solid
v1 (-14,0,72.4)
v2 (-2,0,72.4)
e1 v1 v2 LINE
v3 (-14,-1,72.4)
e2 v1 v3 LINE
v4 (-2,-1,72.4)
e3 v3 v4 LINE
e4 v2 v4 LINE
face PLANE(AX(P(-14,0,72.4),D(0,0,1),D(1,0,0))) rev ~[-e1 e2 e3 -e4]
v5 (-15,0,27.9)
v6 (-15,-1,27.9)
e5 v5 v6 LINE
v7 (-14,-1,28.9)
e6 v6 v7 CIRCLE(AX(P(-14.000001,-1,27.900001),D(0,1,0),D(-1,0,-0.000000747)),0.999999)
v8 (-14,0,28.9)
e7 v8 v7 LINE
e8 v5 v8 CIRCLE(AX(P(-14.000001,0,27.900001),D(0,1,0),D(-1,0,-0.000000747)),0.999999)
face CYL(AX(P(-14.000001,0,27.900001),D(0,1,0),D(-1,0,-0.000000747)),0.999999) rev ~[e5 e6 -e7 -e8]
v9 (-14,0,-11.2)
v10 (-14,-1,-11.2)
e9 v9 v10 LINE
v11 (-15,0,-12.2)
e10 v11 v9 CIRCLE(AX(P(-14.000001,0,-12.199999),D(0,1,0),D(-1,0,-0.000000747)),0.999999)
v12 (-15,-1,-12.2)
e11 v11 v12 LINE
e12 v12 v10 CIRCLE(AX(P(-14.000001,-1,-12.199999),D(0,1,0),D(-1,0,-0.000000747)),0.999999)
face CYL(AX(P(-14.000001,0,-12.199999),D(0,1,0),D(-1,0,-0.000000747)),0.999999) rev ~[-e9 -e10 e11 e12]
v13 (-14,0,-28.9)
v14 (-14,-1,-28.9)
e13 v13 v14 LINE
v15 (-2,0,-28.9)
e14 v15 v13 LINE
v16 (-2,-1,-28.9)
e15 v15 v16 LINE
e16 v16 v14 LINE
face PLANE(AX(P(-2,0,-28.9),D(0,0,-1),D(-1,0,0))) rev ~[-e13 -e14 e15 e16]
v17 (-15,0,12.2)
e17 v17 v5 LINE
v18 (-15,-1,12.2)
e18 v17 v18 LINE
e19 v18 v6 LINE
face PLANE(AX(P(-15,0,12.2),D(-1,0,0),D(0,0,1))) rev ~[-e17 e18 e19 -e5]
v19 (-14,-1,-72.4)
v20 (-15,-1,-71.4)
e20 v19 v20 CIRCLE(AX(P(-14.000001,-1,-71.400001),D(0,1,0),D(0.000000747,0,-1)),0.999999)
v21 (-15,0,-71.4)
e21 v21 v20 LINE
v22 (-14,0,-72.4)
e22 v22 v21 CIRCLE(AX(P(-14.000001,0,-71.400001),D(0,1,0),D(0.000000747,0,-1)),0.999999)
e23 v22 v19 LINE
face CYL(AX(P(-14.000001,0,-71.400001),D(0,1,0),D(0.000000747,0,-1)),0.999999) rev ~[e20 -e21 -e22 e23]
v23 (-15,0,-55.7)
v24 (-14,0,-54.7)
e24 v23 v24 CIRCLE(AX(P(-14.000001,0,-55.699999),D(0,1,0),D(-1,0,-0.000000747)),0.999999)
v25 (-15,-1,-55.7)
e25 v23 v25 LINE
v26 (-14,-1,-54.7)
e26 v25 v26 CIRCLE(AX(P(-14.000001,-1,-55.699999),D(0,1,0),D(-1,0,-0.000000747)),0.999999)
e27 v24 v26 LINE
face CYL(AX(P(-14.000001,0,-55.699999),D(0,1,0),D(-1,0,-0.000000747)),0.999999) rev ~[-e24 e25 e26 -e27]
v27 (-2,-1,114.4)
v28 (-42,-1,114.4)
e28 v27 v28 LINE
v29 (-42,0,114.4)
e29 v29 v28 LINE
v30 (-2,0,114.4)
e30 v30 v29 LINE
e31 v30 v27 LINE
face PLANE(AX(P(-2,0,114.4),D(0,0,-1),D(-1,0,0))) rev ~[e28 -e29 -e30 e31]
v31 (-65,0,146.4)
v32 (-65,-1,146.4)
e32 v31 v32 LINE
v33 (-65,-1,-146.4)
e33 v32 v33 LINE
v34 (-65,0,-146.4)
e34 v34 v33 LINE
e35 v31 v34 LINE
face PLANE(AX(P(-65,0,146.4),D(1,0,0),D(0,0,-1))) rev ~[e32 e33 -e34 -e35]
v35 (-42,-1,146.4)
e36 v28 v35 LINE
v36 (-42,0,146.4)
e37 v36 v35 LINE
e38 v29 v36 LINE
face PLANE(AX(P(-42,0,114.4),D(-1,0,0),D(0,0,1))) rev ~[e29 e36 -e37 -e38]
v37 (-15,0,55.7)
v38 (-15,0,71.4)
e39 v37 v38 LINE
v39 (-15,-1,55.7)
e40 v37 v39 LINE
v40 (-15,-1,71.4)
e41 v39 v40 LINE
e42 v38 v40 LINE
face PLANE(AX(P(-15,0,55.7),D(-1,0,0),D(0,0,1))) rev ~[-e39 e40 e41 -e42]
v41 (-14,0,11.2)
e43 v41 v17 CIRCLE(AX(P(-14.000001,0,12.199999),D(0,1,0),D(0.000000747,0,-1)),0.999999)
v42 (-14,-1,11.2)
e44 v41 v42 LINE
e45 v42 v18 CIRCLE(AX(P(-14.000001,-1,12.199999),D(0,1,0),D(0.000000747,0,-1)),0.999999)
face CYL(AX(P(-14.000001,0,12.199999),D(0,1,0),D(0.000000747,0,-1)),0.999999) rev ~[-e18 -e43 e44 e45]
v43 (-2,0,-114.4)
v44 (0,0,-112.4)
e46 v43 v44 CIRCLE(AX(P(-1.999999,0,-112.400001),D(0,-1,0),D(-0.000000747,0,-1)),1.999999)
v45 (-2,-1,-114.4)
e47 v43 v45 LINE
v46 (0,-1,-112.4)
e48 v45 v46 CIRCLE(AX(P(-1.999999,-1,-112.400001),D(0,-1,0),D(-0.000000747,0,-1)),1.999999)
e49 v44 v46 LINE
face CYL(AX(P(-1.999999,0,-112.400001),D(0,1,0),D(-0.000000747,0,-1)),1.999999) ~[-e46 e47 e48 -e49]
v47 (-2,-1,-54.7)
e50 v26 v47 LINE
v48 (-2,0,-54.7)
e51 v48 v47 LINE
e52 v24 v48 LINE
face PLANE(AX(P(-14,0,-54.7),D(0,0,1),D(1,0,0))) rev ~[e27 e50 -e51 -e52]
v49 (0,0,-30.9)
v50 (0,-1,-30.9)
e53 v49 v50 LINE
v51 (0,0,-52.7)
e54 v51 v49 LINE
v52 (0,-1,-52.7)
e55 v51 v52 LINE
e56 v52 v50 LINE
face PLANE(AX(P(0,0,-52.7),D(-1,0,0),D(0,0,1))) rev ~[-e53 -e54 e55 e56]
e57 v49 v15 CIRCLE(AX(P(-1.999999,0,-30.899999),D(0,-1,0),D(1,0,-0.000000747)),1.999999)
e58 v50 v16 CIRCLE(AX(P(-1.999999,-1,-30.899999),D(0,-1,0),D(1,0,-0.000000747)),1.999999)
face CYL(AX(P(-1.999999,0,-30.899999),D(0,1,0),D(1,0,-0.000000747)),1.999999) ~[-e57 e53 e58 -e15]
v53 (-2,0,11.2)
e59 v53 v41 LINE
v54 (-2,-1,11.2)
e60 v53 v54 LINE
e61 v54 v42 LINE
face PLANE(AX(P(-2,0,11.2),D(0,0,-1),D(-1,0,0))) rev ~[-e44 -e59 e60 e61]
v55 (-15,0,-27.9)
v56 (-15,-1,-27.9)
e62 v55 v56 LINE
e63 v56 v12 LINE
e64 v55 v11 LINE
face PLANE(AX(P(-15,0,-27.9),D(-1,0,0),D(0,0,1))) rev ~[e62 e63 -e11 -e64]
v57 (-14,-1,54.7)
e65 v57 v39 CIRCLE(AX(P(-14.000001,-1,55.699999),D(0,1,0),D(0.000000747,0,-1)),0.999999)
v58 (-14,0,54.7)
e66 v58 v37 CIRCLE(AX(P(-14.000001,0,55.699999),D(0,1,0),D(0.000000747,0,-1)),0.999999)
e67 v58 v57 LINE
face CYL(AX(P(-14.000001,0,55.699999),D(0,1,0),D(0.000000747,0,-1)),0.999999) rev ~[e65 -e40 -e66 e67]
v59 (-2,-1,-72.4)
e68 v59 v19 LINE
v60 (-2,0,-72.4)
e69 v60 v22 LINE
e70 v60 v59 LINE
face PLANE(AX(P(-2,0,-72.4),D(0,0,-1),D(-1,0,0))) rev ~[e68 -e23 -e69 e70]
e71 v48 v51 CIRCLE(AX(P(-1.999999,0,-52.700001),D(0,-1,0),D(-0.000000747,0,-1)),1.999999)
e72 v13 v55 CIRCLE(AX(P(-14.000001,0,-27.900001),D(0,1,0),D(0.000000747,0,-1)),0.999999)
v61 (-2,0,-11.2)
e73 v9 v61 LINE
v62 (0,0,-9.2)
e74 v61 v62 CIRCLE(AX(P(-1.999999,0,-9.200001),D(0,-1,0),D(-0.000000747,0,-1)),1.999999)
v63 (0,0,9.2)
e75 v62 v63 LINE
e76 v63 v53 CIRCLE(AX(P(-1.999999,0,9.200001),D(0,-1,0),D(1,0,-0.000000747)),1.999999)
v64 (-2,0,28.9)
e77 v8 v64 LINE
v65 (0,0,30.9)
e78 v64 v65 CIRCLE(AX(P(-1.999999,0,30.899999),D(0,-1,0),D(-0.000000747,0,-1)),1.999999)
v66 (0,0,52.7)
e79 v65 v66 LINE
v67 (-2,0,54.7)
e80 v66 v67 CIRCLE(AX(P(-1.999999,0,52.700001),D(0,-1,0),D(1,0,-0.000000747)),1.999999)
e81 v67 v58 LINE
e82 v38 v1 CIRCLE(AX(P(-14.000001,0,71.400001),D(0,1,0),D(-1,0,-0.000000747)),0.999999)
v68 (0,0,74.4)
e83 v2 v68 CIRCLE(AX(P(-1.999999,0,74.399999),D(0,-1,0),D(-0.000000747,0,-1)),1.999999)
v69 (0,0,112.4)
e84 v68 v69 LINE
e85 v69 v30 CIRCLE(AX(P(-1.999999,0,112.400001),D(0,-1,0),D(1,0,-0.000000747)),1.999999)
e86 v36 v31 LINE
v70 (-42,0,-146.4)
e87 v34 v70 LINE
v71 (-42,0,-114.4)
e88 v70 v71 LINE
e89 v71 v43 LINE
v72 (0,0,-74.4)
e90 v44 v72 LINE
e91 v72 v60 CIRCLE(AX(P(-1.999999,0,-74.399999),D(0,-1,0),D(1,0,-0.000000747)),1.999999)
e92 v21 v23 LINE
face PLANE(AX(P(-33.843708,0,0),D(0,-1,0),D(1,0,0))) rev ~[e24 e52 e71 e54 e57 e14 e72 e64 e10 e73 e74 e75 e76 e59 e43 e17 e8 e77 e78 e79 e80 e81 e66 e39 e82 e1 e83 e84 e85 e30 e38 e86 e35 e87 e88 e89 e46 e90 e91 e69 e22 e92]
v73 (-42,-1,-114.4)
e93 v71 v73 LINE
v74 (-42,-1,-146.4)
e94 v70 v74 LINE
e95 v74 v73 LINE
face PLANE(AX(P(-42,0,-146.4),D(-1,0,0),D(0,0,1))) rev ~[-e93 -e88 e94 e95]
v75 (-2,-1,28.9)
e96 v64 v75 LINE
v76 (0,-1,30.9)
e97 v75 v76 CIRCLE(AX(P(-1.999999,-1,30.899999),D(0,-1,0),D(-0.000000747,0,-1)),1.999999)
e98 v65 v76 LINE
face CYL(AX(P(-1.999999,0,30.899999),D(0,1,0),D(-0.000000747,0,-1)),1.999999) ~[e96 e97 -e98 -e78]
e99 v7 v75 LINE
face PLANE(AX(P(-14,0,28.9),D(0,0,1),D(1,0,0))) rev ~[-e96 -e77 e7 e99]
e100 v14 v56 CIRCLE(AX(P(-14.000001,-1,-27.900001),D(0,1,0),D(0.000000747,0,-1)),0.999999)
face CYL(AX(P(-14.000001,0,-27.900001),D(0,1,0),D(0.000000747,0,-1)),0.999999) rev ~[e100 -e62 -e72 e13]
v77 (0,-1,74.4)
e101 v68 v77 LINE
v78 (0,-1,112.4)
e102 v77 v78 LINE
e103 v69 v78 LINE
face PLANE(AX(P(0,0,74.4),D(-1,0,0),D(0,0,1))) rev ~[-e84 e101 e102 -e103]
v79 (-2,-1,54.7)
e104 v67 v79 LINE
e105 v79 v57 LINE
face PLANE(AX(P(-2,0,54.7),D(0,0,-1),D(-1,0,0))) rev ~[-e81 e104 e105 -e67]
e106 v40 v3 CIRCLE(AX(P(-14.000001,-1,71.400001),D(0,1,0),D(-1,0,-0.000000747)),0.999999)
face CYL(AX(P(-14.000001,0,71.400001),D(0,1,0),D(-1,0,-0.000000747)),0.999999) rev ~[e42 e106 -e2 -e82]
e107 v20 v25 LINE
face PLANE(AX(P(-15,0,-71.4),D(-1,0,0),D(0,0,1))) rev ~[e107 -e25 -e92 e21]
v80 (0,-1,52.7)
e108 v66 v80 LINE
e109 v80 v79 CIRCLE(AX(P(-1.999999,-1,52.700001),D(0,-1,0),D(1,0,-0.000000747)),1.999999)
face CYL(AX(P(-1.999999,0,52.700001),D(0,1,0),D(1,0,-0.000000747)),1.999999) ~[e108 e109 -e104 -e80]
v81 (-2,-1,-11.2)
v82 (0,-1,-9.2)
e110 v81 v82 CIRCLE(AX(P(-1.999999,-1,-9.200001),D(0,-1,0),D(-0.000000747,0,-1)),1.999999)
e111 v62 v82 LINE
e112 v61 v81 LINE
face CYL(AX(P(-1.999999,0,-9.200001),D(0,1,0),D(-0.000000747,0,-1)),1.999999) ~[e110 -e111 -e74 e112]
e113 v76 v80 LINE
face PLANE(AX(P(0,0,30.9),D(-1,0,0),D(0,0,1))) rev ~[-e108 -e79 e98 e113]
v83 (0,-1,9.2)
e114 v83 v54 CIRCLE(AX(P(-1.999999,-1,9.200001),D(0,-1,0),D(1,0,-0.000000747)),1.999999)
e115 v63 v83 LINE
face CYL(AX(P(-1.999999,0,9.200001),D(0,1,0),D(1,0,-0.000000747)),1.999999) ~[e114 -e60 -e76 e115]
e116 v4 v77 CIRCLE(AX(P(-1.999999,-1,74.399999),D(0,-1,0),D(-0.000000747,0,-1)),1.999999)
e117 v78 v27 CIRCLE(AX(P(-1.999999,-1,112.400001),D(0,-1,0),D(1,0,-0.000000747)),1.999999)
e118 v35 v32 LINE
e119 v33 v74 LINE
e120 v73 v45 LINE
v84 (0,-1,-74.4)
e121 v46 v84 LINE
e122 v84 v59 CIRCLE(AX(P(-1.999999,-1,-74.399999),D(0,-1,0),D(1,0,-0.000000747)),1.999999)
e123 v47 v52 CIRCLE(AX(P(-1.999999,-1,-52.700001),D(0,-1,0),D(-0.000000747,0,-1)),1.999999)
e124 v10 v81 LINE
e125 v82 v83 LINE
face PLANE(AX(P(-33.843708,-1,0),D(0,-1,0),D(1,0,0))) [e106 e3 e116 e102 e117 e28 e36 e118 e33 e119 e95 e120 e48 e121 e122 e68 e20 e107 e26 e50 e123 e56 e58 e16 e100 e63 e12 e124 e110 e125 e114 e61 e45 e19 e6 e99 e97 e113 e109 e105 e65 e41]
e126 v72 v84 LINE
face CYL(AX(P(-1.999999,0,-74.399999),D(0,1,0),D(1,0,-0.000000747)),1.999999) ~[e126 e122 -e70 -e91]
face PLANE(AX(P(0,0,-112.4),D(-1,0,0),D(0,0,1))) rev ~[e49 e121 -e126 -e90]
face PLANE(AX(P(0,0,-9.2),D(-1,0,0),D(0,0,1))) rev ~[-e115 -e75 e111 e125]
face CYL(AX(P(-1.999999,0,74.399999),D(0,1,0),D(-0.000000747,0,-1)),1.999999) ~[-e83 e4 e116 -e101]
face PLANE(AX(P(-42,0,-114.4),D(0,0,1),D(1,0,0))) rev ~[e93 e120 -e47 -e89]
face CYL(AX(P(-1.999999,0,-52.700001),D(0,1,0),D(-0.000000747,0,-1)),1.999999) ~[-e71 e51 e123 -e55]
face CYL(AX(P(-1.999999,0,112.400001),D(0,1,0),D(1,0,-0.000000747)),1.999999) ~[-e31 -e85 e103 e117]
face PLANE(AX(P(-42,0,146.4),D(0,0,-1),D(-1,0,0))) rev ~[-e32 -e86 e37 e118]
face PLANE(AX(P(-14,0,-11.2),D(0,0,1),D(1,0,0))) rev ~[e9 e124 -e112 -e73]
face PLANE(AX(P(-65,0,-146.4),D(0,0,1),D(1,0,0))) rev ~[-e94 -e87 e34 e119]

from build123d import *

# Parameters (mm, degrees)
F1_DEPTH = 1


with BuildPart() as f1:
    # F0 (on Front) → F1 (new body)
    with BuildSketch(Plane.XZ):
        with BuildLine():
            Line((0, -9.2), (0, 0))
            Line((0, 0), (0, 9.2))
            ThreePointArc((0, 9.2), (-0.585786, 10.614214), (-2, 11.2))
            Line((-2, 11.2), (-14, 11.2))
            ThreePointArc((-14, 11.2), (-14.707107, 11.492893), (-15, 12.2))
            Line((-15, 12.2), (-15, 27.9))
            ThreePointArc((-15, 27.9), (-14.707107, 28.607107), (-14, 28.9))
            Line((-14, 28.9), (-2, 28.9))
            ThreePointArc((-2, 28.9), (-0.585786, 29.485786), (0, 30.9))
            Line((0, 30.9), (0, 52.7))
            ThreePointArc((0, 52.7), (-0.585786, 54.114214), (-2, 54.7))
            Line((-2, 54.7), (-14, 54.7))
            ThreePointArc((-14, 54.7), (-14.707107, 54.992893), (-15, 55.7))
            Line((-15, 55.7), (-15, 71.4))
            ThreePointArc((-15, 71.4), (-14.707107, 72.107107), (-14, 72.4))
            Line((-14, 72.4), (-2, 72.4))
            ThreePointArc((-2, 72.4), (-0.585786, 72.985786), (0, 74.4))
            Line((0, 74.4), (0, 112.4))
            ThreePointArc((0, 112.4), (-0.585786, 113.814214), (-2, 114.4))
            Line((-2, 114.4), (-42, 114.4))
            Line((-42, 114.4), (-42, 146.4))
            Line((-42, 146.4), (-65, 146.4))
            Line((-65, 146.4), (-65, 0))
            Line((-65, 0), (-65, -146.4))
            Line((-65, -146.4), (-42, -146.4))
            Line((-42, -146.4), (-42, -114.4))
            Line((-42, -114.4), (-2, -114.4))
            ThreePointArc((-2, -114.4), (-0.585786, -113.814214), (0, -112.4))
            Line((0, -112.4), (0, -74.4))
            ThreePointArc((0, -74.4), (-0.585786, -72.985786), (-2, -72.4))
            Line((-2, -72.4), (-14, -72.4))
            ThreePointArc((-14, -72.4), (-14.707107, -72.107107), (-15, -71.4))
            Line((-15, -71.4), (-15, -55.7))
            ThreePointArc((-15, -55.7), (-14.707107, -54.992893), (-14, -54.7))
            Line((-14, -54.7), (-2, -54.7))
            ThreePointArc((-2, -54.7), (-0.585786, -54.114214), (0, -52.7))
            Line((0, -52.7), (0, -30.9))
            ThreePointArc((0, -30.9), (-0.585786, -29.485786), (-2, -28.9))
            Line((-2, -28.9), (-14, -28.9))
            ThreePointArc((-14, -28.9), (-14.707107, -28.607107), (-15, -27.9))
            Line((-15, -27.9), (-15, -12.2))
            ThreePointArc((-15, -12.2), (-14.707107, -11.492893), (-14, -11.2))
            Line((-14, -11.2), (-2, -11.2))
            ThreePointArc((-2, -11.2), (-0.585786, -10.614214), (0, -9.2))
        make_face()
    extrude(amount=F1_DEPTH)


solid = f1.part
